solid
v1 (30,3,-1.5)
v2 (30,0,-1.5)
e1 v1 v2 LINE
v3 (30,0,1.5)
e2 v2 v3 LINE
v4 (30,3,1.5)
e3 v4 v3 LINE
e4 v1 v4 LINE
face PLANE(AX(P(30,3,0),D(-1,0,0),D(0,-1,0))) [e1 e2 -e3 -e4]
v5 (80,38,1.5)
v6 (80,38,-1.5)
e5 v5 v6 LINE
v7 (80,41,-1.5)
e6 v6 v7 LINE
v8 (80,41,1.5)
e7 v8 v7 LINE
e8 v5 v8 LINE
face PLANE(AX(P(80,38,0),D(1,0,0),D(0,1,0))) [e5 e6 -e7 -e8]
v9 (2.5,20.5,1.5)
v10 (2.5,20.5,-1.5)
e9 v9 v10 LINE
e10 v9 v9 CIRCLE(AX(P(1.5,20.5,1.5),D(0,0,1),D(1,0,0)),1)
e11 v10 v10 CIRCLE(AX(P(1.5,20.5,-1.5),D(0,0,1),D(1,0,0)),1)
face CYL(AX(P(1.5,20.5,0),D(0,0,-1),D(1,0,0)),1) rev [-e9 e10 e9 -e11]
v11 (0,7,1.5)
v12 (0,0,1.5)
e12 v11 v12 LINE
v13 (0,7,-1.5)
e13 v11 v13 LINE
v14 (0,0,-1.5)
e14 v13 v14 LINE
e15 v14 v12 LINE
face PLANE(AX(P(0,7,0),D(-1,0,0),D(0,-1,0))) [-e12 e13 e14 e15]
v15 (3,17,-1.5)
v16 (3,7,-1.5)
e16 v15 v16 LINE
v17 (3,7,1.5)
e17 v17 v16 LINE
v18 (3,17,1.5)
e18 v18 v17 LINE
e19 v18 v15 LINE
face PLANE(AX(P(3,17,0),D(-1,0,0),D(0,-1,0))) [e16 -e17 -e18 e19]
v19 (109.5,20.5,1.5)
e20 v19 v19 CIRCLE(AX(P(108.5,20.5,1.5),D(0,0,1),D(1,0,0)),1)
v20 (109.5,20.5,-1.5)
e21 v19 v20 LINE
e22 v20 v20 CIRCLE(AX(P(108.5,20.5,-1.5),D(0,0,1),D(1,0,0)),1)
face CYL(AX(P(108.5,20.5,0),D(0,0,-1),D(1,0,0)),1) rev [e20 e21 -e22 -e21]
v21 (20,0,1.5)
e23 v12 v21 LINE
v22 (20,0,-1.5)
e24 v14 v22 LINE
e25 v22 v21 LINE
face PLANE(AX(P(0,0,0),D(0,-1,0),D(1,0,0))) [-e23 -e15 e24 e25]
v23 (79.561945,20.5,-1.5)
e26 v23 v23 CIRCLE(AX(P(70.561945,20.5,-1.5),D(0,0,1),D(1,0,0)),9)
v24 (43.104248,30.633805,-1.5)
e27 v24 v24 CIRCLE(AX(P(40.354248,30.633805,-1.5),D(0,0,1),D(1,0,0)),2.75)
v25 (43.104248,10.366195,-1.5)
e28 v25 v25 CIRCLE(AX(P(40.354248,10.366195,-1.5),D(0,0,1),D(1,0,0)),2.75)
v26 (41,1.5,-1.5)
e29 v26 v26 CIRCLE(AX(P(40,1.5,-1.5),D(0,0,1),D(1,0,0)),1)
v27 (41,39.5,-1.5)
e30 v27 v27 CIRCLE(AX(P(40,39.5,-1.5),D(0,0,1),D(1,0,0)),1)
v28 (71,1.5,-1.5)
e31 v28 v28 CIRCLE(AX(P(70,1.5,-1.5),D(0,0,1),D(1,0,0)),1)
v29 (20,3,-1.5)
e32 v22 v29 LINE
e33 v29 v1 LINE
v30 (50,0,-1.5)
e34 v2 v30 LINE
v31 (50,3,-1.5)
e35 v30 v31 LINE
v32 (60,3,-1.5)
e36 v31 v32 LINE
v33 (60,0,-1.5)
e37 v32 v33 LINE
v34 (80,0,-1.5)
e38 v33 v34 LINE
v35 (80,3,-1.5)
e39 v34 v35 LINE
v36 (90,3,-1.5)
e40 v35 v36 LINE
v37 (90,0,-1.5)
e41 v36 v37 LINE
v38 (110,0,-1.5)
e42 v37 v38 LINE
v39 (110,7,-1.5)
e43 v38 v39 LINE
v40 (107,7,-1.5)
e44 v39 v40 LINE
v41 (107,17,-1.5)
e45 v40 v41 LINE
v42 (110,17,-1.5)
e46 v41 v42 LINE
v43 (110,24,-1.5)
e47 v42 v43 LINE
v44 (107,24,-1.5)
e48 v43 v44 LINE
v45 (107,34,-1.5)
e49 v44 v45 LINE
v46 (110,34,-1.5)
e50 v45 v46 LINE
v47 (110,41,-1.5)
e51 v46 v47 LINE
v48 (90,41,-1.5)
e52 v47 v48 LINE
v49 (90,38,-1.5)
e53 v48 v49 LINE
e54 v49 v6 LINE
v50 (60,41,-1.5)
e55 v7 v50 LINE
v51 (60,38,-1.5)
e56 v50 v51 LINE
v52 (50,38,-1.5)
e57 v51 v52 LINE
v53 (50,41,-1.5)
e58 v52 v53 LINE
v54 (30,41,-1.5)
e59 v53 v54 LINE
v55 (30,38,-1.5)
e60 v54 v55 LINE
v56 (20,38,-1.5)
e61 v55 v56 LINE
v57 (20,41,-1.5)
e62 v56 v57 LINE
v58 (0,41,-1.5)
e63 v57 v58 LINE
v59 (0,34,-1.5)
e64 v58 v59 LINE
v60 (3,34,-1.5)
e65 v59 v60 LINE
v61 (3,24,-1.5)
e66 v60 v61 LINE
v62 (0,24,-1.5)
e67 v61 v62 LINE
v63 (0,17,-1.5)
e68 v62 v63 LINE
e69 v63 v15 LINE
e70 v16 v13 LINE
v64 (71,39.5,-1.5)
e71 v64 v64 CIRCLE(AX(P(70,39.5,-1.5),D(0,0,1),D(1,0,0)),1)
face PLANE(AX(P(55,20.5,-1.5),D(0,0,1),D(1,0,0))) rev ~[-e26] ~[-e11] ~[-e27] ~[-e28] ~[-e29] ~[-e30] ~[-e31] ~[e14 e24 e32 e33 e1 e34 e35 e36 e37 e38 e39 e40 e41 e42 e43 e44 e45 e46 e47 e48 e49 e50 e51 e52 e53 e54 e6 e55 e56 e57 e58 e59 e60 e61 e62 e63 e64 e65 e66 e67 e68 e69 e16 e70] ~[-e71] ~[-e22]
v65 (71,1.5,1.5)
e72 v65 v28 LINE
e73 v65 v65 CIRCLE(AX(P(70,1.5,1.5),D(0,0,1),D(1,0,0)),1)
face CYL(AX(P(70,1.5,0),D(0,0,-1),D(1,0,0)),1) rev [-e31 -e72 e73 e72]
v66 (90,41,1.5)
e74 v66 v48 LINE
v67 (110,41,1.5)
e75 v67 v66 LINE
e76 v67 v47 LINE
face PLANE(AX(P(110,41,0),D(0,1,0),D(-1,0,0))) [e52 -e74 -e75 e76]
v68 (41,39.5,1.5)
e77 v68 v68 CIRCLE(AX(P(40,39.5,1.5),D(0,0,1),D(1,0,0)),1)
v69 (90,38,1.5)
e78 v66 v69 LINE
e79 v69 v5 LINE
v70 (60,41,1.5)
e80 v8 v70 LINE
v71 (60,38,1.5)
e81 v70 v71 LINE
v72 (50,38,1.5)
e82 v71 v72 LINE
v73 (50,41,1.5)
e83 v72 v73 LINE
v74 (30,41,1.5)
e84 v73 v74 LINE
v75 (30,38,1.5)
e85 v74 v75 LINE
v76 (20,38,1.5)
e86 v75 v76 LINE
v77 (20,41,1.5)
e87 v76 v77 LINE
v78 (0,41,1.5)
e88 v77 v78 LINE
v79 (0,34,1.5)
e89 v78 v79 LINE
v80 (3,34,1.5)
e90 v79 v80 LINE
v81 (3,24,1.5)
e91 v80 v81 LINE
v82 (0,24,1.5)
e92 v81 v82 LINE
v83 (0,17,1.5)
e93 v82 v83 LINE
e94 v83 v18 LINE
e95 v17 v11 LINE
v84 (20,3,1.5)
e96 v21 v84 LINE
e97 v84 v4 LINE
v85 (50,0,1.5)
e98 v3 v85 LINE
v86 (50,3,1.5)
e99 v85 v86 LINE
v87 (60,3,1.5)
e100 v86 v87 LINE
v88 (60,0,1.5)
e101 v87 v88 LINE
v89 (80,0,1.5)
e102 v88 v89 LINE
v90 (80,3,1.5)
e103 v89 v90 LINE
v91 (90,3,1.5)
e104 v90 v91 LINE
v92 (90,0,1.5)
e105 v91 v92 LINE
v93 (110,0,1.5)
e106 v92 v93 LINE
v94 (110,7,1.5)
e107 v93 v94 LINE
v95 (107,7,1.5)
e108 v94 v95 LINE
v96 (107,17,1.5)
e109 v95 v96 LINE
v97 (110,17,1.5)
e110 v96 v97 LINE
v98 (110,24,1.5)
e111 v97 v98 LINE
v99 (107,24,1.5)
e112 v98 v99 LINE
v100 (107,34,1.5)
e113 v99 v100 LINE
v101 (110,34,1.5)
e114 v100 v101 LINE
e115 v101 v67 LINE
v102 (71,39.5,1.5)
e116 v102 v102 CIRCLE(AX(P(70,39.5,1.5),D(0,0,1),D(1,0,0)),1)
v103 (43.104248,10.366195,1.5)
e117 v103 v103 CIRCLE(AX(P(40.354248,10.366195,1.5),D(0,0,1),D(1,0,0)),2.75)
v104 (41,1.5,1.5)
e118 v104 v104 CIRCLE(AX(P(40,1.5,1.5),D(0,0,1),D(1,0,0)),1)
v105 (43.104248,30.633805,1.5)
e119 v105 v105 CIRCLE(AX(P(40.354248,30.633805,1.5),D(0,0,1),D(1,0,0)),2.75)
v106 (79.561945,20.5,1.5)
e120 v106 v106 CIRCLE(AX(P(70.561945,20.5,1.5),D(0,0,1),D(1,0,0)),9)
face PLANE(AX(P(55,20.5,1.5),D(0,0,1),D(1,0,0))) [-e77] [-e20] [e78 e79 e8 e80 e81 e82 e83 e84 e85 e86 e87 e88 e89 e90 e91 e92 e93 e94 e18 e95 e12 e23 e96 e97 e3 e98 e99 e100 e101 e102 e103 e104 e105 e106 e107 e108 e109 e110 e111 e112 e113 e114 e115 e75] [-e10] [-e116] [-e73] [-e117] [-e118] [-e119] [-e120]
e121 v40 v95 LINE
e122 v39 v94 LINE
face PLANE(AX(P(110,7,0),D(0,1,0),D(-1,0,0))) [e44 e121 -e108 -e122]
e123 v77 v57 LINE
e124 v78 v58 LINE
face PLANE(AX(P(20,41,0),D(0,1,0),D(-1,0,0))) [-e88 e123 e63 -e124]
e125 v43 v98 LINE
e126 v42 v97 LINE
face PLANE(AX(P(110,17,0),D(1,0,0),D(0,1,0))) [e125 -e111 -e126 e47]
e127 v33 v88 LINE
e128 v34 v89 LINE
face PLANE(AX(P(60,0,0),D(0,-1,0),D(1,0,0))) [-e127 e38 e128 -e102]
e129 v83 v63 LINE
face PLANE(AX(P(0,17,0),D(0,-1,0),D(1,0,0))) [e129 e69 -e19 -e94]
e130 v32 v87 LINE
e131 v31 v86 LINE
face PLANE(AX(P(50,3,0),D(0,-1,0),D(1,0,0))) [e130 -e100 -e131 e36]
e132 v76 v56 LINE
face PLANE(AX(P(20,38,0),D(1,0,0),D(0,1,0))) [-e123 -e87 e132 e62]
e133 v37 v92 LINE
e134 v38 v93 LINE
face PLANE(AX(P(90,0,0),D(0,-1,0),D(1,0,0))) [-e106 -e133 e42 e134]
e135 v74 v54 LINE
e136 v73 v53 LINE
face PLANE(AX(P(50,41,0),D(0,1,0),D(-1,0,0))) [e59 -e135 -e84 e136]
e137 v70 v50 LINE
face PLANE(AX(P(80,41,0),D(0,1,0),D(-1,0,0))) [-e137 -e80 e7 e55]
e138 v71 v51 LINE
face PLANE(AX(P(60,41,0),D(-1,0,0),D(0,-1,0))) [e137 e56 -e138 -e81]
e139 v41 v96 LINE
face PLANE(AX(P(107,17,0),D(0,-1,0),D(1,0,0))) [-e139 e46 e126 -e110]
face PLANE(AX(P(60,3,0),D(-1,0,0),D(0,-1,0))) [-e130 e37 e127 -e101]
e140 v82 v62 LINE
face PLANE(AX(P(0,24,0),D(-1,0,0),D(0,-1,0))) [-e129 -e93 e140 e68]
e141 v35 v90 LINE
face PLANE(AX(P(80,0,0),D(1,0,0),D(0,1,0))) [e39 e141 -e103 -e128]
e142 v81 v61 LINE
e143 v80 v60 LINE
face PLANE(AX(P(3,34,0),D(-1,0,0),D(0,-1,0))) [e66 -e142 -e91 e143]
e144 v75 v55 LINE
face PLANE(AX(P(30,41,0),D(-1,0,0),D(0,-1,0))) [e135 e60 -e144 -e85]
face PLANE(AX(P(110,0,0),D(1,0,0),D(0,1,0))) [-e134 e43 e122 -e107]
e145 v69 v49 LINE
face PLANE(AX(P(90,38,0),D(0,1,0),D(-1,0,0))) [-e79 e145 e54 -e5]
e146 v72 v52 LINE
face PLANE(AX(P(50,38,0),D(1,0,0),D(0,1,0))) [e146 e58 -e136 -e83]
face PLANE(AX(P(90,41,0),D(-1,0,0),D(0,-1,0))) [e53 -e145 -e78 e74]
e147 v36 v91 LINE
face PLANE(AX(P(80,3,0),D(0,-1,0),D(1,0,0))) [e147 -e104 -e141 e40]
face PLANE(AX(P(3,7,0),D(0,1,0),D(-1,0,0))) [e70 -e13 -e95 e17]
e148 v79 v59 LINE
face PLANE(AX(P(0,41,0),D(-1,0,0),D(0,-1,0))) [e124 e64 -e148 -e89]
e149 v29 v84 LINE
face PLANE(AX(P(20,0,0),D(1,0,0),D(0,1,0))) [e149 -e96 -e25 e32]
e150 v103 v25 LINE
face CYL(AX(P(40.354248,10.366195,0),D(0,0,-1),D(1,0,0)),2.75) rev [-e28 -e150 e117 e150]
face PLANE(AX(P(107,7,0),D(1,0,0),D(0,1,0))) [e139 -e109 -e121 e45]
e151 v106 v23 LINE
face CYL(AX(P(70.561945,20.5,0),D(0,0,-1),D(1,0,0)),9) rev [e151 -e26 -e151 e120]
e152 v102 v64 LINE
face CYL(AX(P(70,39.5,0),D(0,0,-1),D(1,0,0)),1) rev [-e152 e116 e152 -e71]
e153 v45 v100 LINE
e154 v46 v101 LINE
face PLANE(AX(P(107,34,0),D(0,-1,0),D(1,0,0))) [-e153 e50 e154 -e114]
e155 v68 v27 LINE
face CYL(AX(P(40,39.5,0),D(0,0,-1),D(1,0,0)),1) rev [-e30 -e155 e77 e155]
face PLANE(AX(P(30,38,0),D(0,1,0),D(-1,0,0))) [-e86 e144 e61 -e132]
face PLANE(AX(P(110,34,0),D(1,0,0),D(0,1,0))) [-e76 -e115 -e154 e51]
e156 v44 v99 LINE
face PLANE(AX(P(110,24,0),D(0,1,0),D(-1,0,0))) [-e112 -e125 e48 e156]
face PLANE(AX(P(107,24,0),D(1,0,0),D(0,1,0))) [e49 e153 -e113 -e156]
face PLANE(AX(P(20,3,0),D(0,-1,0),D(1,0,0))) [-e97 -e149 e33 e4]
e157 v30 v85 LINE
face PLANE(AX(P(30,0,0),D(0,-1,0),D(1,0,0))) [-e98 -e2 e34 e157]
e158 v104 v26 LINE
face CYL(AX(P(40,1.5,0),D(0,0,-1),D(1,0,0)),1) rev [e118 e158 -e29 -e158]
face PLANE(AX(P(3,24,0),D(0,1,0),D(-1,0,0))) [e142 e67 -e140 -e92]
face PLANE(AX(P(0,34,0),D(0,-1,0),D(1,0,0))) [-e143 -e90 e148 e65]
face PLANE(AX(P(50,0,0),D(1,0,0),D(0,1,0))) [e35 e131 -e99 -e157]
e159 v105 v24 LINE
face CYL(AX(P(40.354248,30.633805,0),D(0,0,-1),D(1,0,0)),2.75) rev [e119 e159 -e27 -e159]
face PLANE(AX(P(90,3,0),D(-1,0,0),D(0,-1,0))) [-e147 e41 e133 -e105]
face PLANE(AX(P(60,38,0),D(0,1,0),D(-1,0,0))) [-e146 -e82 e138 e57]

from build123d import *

# Parameters (mm, degrees)
F0_R     = 1
F0_R_2   = 2.75
F0_R_3   = 9
F1_DEPTH = 1.5


with BuildPart() as f1:
    # F0 (on Top) → F1 (new body, symmetric)
    with BuildSketch(Plane.XY):
        Polygon((0, 7), (0, 0), (20, 0), (20, 3), (30, 3), (30, 0), (50, 0), (50, 3), (60, 3), (60, 0), (80, 0), (80, 3), (90, 3), (90, 0), (110, 0), (110, 7), (107, 7), (107, 17), (110, 17), (110, 24), (107, 24), (107, 34), (110, 34), (110, 41), (90, 41), (90, 38), (80, 38), (80, 41), (60, 41), (60, 38), (50, 38), (50, 41), (30, 41), (30, 38), (20, 38), (20, 41), (0, 41), (0, 34), (3, 34), (3, 24), (0, 24), (0, 17), (3, 17), (3, 7), align=None)
        with Locations((40, 1.5)):
            Circle(F0_R, mode=Mode.SUBTRACT)
        with Locations((40.354248, 10.366195)):
            Circle(F0_R_2, mode=Mode.SUBTRACT)
        with Locations((70, 1.5)):
            Circle(F0_R, mode=Mode.SUBTRACT)
        with Locations((1.5, 20.5)):
            Circle(F0_R, mode=Mode.SUBTRACT)
        with Locations((40.354248, 30.633805)):
            Circle(F0_R_2, mode=Mode.SUBTRACT)
        with Locations((40, 39.5)):
            Circle(F0_R, mode=Mode.SUBTRACT)
        with Locations((70.561945, 20.5)):
            Circle(F0_R_3, mode=Mode.SUBTRACT)
        with Locations((108.5, 20.5)):
            Circle(F0_R, mode=Mode.SUBTRACT)
        with Locations((70, 39.5)):
            Circle(F0_R, mode=Mode.SUBTRACT)
    extrude(amount=F1_DEPTH, both=True)


solid = f1.part
